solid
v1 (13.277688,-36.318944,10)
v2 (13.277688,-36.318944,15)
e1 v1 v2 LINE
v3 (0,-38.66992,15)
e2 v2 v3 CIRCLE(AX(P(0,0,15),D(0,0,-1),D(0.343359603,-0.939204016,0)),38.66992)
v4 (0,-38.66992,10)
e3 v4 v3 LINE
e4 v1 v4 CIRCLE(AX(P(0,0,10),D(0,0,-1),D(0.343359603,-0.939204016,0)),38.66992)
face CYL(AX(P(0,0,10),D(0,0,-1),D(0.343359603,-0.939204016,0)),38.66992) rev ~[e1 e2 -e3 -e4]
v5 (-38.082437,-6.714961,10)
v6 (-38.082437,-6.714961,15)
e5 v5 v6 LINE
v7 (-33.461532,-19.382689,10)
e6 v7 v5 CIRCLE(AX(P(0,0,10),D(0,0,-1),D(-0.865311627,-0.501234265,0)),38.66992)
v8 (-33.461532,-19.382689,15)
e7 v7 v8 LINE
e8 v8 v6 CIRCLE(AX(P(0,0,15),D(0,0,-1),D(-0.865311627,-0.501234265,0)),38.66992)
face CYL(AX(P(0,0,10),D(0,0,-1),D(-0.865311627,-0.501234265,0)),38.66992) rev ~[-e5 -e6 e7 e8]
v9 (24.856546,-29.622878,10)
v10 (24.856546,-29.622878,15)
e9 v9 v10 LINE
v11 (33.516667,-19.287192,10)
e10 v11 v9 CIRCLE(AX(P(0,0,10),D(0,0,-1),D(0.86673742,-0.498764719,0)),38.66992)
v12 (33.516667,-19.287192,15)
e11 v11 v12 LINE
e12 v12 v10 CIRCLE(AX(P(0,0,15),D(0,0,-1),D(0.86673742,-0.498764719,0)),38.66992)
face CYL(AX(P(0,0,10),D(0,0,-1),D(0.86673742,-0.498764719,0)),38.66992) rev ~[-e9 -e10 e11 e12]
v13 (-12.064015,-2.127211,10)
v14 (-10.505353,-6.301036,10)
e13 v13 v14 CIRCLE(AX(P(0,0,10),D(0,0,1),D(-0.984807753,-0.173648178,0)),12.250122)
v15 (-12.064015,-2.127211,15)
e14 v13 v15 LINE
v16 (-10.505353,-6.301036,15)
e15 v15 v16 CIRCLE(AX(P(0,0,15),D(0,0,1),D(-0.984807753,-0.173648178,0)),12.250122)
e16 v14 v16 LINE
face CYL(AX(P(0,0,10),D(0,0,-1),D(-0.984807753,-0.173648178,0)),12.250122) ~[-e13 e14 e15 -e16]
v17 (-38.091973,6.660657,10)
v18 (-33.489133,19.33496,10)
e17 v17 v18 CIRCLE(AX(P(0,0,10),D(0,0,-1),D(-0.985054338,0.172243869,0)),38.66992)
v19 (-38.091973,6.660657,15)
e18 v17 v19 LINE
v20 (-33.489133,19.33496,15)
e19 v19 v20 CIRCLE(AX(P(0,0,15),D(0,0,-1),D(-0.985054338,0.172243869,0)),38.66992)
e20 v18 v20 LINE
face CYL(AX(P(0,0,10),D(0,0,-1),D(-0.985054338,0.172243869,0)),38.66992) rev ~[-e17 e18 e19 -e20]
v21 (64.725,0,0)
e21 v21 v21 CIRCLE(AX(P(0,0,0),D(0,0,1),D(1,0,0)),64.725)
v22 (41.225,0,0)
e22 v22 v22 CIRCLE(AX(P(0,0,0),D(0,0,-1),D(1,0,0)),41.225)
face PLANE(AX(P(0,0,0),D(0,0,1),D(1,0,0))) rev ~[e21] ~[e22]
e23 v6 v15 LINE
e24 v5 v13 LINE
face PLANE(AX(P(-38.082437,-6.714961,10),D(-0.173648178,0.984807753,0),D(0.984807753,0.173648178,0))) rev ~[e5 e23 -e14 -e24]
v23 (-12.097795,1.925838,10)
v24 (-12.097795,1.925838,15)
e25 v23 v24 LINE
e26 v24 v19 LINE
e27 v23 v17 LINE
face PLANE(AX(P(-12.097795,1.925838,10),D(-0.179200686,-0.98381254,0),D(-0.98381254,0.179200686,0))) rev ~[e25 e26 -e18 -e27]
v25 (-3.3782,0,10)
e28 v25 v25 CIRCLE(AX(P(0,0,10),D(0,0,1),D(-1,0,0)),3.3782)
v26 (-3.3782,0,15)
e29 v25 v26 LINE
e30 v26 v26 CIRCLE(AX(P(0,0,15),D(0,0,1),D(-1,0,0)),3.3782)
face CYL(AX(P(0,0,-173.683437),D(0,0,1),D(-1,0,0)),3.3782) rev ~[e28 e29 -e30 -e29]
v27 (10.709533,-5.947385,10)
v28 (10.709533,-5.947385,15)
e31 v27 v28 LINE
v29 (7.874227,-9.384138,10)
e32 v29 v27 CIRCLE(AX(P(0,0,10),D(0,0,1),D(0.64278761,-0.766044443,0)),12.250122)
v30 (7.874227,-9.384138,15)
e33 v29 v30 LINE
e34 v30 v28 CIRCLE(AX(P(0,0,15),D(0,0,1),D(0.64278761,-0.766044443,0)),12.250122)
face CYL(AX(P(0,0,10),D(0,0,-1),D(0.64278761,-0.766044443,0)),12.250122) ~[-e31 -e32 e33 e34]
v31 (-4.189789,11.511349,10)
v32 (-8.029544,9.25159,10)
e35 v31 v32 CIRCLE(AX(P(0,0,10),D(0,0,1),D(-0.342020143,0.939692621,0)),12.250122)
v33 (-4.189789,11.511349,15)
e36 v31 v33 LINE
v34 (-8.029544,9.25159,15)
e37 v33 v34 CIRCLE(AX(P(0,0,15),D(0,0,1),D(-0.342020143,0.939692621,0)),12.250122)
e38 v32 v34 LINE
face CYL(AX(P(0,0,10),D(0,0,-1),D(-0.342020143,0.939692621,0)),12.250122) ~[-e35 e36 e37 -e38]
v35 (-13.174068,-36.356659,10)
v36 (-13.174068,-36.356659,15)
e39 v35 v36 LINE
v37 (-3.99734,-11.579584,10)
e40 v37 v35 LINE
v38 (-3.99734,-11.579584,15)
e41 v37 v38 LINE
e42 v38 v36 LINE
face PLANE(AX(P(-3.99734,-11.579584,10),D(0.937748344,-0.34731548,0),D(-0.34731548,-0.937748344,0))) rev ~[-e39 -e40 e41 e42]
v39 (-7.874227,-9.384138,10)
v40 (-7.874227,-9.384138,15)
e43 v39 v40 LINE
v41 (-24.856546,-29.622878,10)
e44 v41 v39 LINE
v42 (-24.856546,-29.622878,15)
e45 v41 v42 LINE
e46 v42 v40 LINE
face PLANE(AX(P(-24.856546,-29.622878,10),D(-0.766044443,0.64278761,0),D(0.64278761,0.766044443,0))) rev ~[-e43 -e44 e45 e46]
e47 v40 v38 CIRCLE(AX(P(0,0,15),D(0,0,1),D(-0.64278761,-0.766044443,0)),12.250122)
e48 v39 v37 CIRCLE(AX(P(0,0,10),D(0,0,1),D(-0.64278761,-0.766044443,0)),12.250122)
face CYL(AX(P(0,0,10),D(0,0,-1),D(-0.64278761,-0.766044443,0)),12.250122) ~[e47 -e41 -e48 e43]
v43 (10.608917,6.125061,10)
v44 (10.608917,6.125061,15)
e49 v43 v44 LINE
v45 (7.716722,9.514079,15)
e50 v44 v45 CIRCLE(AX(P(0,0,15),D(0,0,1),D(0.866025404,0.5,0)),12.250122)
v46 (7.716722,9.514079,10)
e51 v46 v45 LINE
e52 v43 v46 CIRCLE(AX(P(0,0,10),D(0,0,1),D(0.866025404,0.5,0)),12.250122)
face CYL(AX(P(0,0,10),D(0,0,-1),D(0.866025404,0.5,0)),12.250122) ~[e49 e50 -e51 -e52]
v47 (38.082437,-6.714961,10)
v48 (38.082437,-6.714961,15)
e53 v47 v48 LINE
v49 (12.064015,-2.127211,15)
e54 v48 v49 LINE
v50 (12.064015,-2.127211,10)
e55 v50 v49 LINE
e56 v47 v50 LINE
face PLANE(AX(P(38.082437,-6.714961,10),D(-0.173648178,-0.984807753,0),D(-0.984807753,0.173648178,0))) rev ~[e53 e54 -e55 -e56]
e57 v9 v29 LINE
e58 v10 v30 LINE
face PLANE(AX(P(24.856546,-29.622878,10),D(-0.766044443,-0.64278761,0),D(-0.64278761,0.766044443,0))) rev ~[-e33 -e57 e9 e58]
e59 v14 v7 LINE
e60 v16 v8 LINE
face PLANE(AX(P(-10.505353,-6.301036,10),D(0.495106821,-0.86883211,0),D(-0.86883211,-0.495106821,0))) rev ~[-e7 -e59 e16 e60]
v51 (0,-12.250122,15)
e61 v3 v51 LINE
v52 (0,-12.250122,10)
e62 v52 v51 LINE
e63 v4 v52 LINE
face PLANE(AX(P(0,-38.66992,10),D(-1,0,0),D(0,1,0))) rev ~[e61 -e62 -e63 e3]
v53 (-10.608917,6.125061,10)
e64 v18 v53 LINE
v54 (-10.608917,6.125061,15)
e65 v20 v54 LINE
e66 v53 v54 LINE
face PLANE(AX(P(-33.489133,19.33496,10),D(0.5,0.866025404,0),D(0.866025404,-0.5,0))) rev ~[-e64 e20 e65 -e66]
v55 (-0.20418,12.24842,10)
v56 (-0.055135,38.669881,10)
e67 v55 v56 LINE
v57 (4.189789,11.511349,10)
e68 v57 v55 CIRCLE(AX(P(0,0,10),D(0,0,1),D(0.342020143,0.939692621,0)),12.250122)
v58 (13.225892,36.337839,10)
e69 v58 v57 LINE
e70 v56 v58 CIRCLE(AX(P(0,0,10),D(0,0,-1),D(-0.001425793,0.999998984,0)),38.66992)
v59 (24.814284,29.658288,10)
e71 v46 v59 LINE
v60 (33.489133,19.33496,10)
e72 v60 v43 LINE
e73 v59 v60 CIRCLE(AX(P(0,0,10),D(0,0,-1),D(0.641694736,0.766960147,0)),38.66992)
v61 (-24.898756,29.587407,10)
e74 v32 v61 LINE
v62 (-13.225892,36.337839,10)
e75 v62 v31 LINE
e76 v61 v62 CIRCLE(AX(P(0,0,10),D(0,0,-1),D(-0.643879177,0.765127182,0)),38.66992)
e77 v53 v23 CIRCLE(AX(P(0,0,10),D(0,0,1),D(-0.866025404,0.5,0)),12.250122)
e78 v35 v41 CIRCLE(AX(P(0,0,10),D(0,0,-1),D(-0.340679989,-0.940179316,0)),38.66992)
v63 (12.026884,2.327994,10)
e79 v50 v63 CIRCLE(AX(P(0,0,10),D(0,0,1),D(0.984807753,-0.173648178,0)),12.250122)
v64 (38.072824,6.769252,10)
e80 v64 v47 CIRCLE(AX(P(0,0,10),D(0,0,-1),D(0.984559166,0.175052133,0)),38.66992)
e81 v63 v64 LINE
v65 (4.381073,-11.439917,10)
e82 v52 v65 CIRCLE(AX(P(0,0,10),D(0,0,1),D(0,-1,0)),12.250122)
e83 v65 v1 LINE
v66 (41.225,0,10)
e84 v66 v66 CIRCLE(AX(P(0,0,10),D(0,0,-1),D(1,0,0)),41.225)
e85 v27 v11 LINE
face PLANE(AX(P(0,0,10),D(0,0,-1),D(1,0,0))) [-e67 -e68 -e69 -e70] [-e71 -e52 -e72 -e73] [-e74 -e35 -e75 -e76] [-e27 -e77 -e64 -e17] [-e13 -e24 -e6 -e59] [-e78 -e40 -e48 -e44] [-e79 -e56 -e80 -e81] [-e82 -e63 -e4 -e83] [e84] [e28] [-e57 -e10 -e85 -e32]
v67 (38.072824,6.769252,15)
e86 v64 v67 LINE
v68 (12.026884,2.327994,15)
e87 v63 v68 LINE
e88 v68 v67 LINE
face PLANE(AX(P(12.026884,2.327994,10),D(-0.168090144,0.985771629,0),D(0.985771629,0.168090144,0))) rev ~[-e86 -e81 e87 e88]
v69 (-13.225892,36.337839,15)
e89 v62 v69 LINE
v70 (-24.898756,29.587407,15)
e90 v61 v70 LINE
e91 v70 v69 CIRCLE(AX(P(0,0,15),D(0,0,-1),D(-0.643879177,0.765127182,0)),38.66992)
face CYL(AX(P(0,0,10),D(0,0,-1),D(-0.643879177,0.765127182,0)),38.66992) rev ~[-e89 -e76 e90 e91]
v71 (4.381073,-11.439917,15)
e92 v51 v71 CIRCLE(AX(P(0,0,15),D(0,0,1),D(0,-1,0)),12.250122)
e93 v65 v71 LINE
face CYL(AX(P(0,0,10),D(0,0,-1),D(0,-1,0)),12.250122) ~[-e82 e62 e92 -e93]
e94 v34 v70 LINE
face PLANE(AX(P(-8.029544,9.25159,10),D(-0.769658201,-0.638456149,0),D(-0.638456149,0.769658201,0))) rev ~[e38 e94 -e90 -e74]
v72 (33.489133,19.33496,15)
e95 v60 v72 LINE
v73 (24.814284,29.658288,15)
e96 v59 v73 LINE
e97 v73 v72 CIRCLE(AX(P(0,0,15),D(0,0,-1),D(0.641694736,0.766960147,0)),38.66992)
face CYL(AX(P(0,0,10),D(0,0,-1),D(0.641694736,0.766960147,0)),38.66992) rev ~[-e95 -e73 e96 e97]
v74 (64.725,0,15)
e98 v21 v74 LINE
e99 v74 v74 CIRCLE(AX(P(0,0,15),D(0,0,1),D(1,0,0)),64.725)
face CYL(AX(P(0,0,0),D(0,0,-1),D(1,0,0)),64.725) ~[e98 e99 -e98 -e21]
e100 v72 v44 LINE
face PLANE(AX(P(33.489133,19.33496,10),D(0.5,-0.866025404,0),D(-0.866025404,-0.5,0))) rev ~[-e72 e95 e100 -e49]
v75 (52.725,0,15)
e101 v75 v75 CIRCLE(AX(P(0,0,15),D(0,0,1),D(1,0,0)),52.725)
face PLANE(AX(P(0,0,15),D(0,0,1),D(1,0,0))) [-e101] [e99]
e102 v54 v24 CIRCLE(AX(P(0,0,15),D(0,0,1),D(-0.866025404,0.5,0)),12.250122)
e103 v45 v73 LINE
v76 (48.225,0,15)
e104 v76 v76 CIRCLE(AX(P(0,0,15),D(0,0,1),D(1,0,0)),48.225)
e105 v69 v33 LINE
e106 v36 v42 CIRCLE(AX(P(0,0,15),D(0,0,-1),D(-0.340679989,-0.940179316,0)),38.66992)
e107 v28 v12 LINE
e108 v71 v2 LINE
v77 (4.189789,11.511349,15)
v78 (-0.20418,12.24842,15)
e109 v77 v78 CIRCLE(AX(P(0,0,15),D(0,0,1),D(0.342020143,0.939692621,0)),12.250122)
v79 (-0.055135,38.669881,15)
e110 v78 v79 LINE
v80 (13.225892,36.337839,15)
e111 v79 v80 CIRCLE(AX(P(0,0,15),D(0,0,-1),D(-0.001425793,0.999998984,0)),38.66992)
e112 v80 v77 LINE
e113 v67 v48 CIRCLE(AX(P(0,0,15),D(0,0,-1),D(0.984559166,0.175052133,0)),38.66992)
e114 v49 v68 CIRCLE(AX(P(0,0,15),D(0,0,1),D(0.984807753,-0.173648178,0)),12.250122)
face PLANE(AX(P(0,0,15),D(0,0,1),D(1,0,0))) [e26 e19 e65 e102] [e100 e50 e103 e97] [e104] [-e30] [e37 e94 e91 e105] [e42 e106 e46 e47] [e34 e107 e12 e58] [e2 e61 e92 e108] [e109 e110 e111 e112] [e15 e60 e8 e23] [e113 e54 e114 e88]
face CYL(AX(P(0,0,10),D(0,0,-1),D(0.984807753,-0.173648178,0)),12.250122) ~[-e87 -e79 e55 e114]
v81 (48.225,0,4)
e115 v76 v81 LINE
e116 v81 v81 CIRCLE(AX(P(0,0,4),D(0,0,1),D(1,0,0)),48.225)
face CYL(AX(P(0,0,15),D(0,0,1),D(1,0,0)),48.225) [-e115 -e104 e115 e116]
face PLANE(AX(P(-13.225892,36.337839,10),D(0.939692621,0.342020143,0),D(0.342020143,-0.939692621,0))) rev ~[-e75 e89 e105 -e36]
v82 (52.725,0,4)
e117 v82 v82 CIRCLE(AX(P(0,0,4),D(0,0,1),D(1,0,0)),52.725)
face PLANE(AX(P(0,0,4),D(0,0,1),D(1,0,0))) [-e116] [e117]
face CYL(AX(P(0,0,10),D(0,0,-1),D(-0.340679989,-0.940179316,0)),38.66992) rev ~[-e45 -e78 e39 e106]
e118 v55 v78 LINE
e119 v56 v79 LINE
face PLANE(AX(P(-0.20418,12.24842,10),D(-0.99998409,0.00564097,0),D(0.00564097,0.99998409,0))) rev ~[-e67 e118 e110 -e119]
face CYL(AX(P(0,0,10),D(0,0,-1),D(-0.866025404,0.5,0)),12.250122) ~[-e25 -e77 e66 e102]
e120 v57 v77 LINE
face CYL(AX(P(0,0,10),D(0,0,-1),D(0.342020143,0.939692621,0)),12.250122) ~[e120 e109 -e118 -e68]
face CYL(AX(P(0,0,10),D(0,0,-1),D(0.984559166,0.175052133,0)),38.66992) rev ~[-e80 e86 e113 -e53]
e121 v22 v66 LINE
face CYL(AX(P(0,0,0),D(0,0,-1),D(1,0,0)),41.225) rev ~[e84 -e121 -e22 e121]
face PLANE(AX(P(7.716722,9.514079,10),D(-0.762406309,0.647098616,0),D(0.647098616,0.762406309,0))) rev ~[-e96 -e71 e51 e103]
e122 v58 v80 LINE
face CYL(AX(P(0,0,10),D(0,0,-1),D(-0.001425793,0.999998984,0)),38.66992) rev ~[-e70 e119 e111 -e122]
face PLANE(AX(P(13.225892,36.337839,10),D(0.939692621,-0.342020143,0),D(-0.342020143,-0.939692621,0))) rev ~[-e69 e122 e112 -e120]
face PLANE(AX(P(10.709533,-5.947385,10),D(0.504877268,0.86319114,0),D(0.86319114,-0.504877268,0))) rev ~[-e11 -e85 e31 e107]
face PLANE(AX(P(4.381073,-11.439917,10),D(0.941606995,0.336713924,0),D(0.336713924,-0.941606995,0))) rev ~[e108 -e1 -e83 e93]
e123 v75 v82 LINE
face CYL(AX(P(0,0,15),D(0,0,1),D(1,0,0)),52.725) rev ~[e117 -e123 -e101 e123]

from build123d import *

# Parameters (mm, degrees)
F0_R     = 64.725
F1_DEPTH = 15
F2_R     = 52.725
F2_R_2   = 48.225
F3_DEPTH = 11
F4_R     = 41.225
F5_DEPTH = 10
F7_DEPTH = 5
F8_D     = 6.7564


with BuildPart() as f1:
    # F0 (on Top) → F1 (new body)
    with BuildSketch(Plane.XY):
        Circle(F0_R)
    extrude(amount=F1_DEPTH)

    # F2 (on face) → F3 (cut)
    with BuildSketch(Plane.XY.offset(15)):
        Circle(F2_R)
        Circle(F2_R_2, mode=Mode.SUBTRACT)
    extrude(amount=-F3_DEPTH, mode=Mode.SUBTRACT)

    # F4 (on face) → F5 (cut)
    with BuildSketch(Plane(origin=(0, 0, 0), x_dir=(1, 0, 0), z_dir=(0, 0, -1))):
        Circle(F4_R)
    extrude(amount=-F5_DEPTH, mode=Mode.SUBTRACT)

    # F6 (on face) → F7 (cut, through all)
    with BuildSketch(Plane(origin=(0, 0, 10), x_dir=(1, 0, 0), z_dir=(0, 0, -1))):
        with BuildLine():
            ThreePointArc((0, 12.2501222179), (2.2276802059, 12.0458679743), (4.3810732942, 11.4399165707))
            Line((4.3810732942, 11.4399165707), (13.2776884508, 36.3189443658))
            ThreePointArc((13.2776884508, 36.3189443658), (6.7421083146, 38.0776404983), (0, 38.6699202281))
            Line((0, 38.6699202281), (0, 12.2501222179))
        make_face()
        with BuildLine():
            Line((10.7095334794, 5.9473848881), (33.5166668905, 19.28719189))
            ThreePointArc((33.5166668905, 19.28719189), (29.6405901277, 24.8354212231), (24.8565455902, 29.6228775066))
            Line((24.8565455902, 29.6228775066), (7.8742267788, 9.3841380525))
            ThreePointArc((7.8742267788, 9.3841380525), (9.4494367246, 7.7957449895), (10.7095334794, 5.9473848881))
        make_face()
        with BuildLine():
            Line((12.0268839264, -2.3279942814), (38.0728243958, -6.7692520245))
            ThreePointArc((38.0728243958, -6.7692520245), (38.6699104016, -0.0275676574), (38.082437249, 6.7149611781))
            Line((38.082437249, 6.7149611781), (12.0640153355, 2.1272113993))
            ThreePointArc((12.0640153355, 2.1272113993), (12.249696781, -0.1020937159), (12.0268839264, -2.3279942814))
        make_face()
        with BuildLine():
            Line((7.7167217203, -9.5140790539), (24.8142842341, -29.6582876849))
            ThreePointArc((24.8142842341, -29.6582876849), (29.6051498304, -24.8776573246), (33.4891332798, -19.334960114))
            Line((33.4891332798, -19.334960114), (10.6089170402, -6.1250611089))
            ThreePointArc((10.6089170402, -6.1250611089), (9.3181875734, -7.952161637), (7.7167217203, -9.5140790539))
        make_face()
        with BuildLine():
            Line((-0.2041803405, -12.2484204999), (-0.0551353009, -38.6698809223))
            ThreePointArc((-0.0551353009, -38.6698809223), (6.687810629, -38.0872146453), (13.2258916588, -36.3378386847))
            Line((13.2258916588, -36.3378386847), (4.1897885567, -11.5113494519))
            ThreePointArc((4.1897885567, -11.5113494519), (2.0265948401, -12.0813247497), (-0.2041803405, -12.2484204999))
        make_face()
        with BuildLine():
            Line((-8.0295441508, -9.2515898679), (-24.8987564158, -29.5874071083))
            ThreePointArc((-24.8987564158, -29.5874071083), (-19.3588294925, -33.4753409412), (-13.2258916588, -36.3378386847))
            Line((-13.2258916588, -36.3378386847), (-4.1897885567, -11.5113494519))
            ThreePointArc((-4.1897885567, -11.5113494519), (-6.213264142, -10.5575017431), (-8.0295441508, -9.2515898679))
        make_face()
        with BuildLine():
            Line((-12.0977950145, -1.9258375168), (-38.0919726849, -6.660656681))
            ThreePointArc((-38.0919726849, -6.660656681), (-36.347258145, -13.1999831737), (-33.4891332798, -19.334960114))
            Line((-33.4891332798, -19.334960114), (-10.6089170402, -6.1250611089))
            ThreePointArc((-10.6089170402, -6.1250611089), (-11.5458677793, -4.0937063373), (-12.0977950145, -1.9258375168))
        make_face()
        with BuildLine():
            Line((-10.5053531389, 6.3010356118), (-33.4615315896, 19.3826890323))
            ThreePointArc((-33.4615315896, 19.3826890323), (-36.3284007567, 13.2517934222), (-38.082437249, 6.7149611781))
            Line((-38.082437249, 6.7149611781), (-12.0640153355, 2.1272113993))
            ThreePointArc((-12.0640153355, 2.1272113993), (-11.4760315646, 4.2855797602), (-10.5053531389, 6.3010356118))
        make_face()
        with BuildLine():
            Line((-3.9973397756, 11.5795841493), (-13.1740679801, 36.3566591329))
            ThreePointArc((-13.1740679801, 36.3566591329), (-19.3110809092, 33.5029085986), (-24.8565455902, 29.6228775066))
            Line((-24.8565455902, 29.6228775066), (-7.8742267788, 9.3841380525))
            ThreePointArc((-7.8742267788, 9.3841380525), (-6.036432639, 10.6595954589), (-3.9973397756, 11.5795841493))
        make_face()
    extrude(amount=-F7_DEPTH, mode=Mode.SUBTRACT)

    # F8 (through all)
    with Locations(Plane(origin=(0, 0, 10), x_dir=(1, 0, 0), z_dir=(0, 0, -1))):
        with Locations((0, 0)):
            Hole(F8_D / 2)


solid = f1.part
